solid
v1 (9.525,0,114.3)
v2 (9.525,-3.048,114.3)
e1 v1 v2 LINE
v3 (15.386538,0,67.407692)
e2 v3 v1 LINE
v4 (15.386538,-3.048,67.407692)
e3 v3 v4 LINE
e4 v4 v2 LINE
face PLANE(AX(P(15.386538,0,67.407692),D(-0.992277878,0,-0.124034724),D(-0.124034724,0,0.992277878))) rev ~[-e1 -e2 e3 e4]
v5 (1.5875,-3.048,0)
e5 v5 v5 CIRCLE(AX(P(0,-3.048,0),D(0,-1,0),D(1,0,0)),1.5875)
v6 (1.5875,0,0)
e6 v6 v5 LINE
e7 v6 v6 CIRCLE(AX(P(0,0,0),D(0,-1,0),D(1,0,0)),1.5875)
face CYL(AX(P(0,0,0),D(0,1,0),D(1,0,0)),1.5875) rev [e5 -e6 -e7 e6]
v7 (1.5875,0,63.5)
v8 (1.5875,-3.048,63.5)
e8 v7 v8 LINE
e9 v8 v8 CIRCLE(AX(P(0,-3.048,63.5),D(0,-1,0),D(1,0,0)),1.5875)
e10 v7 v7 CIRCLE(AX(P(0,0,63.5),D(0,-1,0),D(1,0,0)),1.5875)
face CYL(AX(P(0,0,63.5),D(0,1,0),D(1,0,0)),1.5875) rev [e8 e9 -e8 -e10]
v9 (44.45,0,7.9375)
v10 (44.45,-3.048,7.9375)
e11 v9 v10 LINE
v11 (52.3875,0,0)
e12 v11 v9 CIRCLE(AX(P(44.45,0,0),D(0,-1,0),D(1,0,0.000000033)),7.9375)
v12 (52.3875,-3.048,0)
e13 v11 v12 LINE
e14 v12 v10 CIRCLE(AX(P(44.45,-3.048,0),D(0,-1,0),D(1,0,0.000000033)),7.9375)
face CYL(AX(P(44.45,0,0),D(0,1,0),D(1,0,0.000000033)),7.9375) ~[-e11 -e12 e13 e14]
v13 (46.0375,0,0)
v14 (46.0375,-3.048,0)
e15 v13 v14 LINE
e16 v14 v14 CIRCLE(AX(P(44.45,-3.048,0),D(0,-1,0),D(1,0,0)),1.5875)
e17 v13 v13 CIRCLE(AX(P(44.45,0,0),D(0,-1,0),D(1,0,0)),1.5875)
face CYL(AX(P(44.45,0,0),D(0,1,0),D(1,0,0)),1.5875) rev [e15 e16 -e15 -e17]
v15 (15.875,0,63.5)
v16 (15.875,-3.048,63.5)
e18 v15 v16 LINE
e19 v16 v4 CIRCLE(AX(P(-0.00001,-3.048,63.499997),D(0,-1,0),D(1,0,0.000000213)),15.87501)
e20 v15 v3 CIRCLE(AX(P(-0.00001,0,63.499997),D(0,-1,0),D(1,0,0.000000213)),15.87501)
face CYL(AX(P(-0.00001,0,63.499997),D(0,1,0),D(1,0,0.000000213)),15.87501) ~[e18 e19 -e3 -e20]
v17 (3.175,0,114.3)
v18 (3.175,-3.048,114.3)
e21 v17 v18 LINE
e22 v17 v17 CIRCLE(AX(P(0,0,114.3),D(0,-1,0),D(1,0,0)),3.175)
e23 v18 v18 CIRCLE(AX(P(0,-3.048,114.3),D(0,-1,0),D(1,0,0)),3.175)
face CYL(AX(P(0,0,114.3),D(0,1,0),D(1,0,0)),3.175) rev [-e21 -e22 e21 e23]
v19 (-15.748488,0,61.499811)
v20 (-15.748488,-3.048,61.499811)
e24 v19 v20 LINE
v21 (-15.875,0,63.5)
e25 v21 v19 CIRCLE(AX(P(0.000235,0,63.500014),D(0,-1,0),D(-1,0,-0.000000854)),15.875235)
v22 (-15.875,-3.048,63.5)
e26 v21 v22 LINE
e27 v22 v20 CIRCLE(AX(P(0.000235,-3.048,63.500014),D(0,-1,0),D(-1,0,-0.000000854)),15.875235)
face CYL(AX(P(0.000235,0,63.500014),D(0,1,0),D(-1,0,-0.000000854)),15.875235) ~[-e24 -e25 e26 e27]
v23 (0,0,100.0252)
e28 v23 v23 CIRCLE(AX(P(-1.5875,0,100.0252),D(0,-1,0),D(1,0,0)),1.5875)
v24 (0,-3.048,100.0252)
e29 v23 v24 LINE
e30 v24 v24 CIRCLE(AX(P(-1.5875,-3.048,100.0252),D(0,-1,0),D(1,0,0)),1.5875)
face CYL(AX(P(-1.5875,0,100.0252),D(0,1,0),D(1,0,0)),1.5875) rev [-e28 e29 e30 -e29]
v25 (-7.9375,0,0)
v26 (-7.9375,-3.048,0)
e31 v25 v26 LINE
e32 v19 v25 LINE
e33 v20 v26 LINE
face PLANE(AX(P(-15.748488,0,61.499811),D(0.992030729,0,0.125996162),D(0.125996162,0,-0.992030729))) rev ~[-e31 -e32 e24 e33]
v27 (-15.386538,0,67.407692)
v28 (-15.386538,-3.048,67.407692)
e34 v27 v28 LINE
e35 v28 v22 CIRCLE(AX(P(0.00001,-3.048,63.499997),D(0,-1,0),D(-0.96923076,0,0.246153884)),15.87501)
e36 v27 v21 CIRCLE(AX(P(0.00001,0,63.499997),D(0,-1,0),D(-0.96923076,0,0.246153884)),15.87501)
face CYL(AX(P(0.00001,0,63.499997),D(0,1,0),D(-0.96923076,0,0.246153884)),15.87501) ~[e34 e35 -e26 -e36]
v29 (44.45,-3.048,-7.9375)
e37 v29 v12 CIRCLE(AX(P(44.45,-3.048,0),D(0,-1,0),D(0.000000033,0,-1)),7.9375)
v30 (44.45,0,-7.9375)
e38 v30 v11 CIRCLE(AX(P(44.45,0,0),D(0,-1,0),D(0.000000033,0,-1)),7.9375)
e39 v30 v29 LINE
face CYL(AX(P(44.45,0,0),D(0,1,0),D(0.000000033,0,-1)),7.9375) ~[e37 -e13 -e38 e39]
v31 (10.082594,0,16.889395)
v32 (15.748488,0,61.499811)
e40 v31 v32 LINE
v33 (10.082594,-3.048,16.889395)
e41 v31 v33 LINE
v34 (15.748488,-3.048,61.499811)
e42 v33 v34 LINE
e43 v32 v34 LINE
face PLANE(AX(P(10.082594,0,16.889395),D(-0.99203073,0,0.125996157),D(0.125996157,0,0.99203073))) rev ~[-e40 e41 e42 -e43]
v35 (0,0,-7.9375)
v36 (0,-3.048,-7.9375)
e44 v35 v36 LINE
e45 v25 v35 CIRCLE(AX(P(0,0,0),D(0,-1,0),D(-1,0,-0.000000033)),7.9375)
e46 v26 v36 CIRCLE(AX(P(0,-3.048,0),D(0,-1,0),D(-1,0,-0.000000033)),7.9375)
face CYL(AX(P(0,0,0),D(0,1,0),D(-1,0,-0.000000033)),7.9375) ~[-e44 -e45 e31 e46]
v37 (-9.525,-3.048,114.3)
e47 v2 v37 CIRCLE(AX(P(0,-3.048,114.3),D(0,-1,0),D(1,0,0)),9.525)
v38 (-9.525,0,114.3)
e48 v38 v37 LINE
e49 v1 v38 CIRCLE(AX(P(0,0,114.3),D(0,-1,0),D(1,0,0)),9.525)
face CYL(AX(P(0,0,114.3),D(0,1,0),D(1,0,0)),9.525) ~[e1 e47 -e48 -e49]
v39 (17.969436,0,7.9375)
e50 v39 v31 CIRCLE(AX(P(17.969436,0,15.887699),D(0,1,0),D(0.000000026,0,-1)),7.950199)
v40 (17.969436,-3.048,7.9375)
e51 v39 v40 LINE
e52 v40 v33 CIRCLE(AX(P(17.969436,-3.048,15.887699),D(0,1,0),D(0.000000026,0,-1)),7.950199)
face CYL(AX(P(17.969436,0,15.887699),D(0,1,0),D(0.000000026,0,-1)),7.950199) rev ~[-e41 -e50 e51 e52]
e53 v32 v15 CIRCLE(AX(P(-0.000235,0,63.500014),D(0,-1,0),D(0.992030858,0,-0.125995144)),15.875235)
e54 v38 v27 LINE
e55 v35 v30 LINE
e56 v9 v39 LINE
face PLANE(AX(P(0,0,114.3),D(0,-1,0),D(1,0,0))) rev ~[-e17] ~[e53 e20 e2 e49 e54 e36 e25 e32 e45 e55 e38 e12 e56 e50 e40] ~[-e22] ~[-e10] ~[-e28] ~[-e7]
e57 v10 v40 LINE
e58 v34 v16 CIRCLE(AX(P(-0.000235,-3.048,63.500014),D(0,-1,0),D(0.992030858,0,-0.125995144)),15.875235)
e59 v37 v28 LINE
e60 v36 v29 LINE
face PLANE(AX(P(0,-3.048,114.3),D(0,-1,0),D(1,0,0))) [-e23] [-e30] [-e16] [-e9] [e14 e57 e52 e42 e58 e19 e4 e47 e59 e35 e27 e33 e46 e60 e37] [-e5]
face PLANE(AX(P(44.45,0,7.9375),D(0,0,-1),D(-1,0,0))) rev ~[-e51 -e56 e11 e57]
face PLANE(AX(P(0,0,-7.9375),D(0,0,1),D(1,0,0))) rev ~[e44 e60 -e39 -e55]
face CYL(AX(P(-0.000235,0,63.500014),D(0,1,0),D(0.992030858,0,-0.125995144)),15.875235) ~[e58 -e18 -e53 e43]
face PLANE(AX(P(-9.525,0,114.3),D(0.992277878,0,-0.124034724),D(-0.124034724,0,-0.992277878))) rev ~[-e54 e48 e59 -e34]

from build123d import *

# Parameters (mm, degrees)
F0_R     = 3.175
F0_R_2   = 1.5875
F1_DEPTH = 3.048
F2_DEPTH = 3.048


with BuildPart() as f1:
    # F0 (on Front) → F1 (new body)
    with BuildSketch(Plane.XZ):
        with BuildLine():
            ThreePointArc((-9.525, 114.3), (0, 104.775), (9.525, 114.3))
            ThreePointArc((9.525, 114.3), (0, 123.825), (-9.525, 114.3))
        make_face()
        with Locations((0, 114.3)):
            Circle(F0_R, mode=Mode.SUBTRACT)
        with BuildLine():
            Line((15.386538, 67.407692), (9.525, 114.3))
            ThreePointArc((9.525, 114.3), (0, 104.775), (-9.525, 114.3))
            Line((-9.525, 114.3), (-15.386538, 67.407692))
            ThreePointArc((-15.386538, 67.407692), (0, 79.375), (15.386538, 67.407692))
        make_face()
        with Locations((-1.5875, 100.0252)):
            Circle(F0_R_2, mode=Mode.SUBTRACT)
        with BuildLine():
            Line((15.875, 63.5), (15.386538, 67.407692))
            ThreePointArc((15.386538, 67.407692), (0, 79.375), (-15.386538, 67.407692))
            Line((-15.386538, 67.407692), (-15.875, 63.5))
            ThreePointArc((-15.875, 63.5), (-15.84334, 62.497907), (-15.748488, 61.499811))
            ThreePointArc((-15.748488, 61.499811), (0, 47.625), (15.748488, 61.499811))
            ThreePointArc((15.748488, 61.499811), (15.84334, 62.497907), (15.875, 63.5))
        make_face()
        with Locations((0, 63.5)):
            Circle(F0_R_2, mode=Mode.SUBTRACT)
        with BuildLine():
            ThreePointArc((15.875, 63.5), (15.752411, 65.469051), (15.386538, 67.407692))
            Line((15.386538, 67.407692), (15.875, 63.5))
        make_face()
        with BuildLine():
            Line((-15.875, 63.5), (-15.386538, 67.407692))
            ThreePointArc((-15.386538, 67.407692), (-15.752411, 65.469051), (-15.875, 63.5))
        make_face()
        with BuildLine():
            Line((10.082594, 16.889395), (15.748488, 61.499811))
            ThreePointArc((15.748488, 61.499811), (0, 47.625), (-15.748488, 61.499811))
            Line((-15.748488, 61.499811), (-7.9375, 0))
            ThreePointArc((-7.9375, 0), (0, 7.9375), (7.9375, 0))
            ThreePointArc((7.9375, 0), (5.61266, -5.61266), (0, -7.9375))
            Line((0, -7.9375), (44.45, -7.9375))
            ThreePointArc((44.45, -7.9375), (36.5125, 0), (44.45, 7.9375))
            Line((44.45, 7.9375), (17.969436, 7.9375))
            ThreePointArc((17.969436, 7.9375), (12.004147, 10.632131), (10.082594, 16.889395))
        make_face()
        with BuildLine():
            ThreePointArc((7.9375, 0), (0, 7.9375), (-7.9375, 0))
            ThreePointArc((-7.9375, 0), (-5.61266, -5.61266), (0, -7.9375))
            ThreePointArc((0, -7.9375), (5.61266, -5.61266), (7.9375, 0))
        make_face()
        Circle(F0_R_2, mode=Mode.SUBTRACT)
        with BuildLine():
            ThreePointArc((52.3875, 0), (50.06266, 5.61266), (44.45, 7.9375))
            ThreePointArc((44.45, 7.9375), (36.5125, 0), (44.45, -7.9375))
            ThreePointArc((44.45, -7.9375), (50.06266, -5.61266), (52.3875, 0))
        make_face()
        with Locations((44.45, 0)):
            Circle(F0_R_2, mode=Mode.SUBTRACT)
    extrude(amount=F1_DEPTH)

    # F0 (on Front) → F2 (join)
    with BuildSketch(Plane.XZ):
        with BuildLine():
            ThreePointArc((-9.525, 114.3), (0, 104.775), (9.525, 114.3))
            ThreePointArc((9.525, 114.3), (0, 123.825), (-9.525, 114.3))
        make_face()
        with Locations((0, 114.3)):
            Circle(F0_R, mode=Mode.SUBTRACT)
        with BuildLine():
            Line((15.386538, 67.407692), (9.525, 114.3))
            ThreePointArc((9.525, 114.3), (0, 104.775), (-9.525, 114.3))
            Line((-9.525, 114.3), (-15.386538, 67.407692))
            ThreePointArc((-15.386538, 67.407692), (0, 79.375), (15.386538, 67.407692))
        make_face()
        with Locations((-1.5875, 100.0252)):
            Circle(F0_R_2, mode=Mode.SUBTRACT)
        with BuildLine():
            Line((15.875, 63.5), (15.386538, 67.407692))
            ThreePointArc((15.386538, 67.407692), (0, 79.375), (-15.386538, 67.407692))
            Line((-15.386538, 67.407692), (-15.875, 63.5))
            ThreePointArc((-15.875, 63.5), (-15.84334, 62.497907), (-15.748488, 61.499811))
            ThreePointArc((-15.748488, 61.499811), (0, 47.625), (15.748488, 61.499811))
            ThreePointArc((15.748488, 61.499811), (15.84334, 62.497907), (15.875, 63.5))
        make_face()
        with Locations((0, 63.5)):
            Circle(F0_R_2, mode=Mode.SUBTRACT)
        with BuildLine():
            ThreePointArc((15.875, 63.5), (15.752411, 65.469051), (15.386538, 67.407692))
            Line((15.386538, 67.407692), (15.875, 63.5))
        make_face()
        with BuildLine():
            Line((-15.875, 63.5), (-15.386538, 67.407692))
            ThreePointArc((-15.386538, 67.407692), (-15.752411, 65.469051), (-15.875, 63.5))
        make_face()
        with BuildLine():
            Line((10.082594, 16.889395), (15.748488, 61.499811))
            ThreePointArc((15.748488, 61.499811), (0, 47.625), (-15.748488, 61.499811))
            Line((-15.748488, 61.499811), (-7.9375, 0))
            ThreePointArc((-7.9375, 0), (0, 7.9375), (7.9375, 0))
            ThreePointArc((7.9375, 0), (5.61266, -5.61266), (0, -7.9375))
            Line((0, -7.9375), (44.45, -7.9375))
            ThreePointArc((44.45, -7.9375), (36.5125, 0), (44.45, 7.9375))
            Line((44.45, 7.9375), (17.969436, 7.9375))
            ThreePointArc((17.969436, 7.9375), (12.004147, 10.632131), (10.082594, 16.889395))
        make_face()
        with BuildLine():
            ThreePointArc((7.9375, 0), (0, 7.9375), (-7.9375, 0))
            ThreePointArc((-7.9375, 0), (-5.61266, -5.61266), (0, -7.9375))
            ThreePointArc((0, -7.9375), (5.61266, -5.61266), (7.9375, 0))
        make_face()
        Circle(F0_R_2, mode=Mode.SUBTRACT)
        with BuildLine():
            ThreePointArc((52.3875, 0), (50.06266, 5.61266), (44.45, 7.9375))
            ThreePointArc((44.45, 7.9375), (36.5125, 0), (44.45, -7.9375))
            ThreePointArc((44.45, -7.9375), (50.06266, -5.61266), (52.3875, 0))
        make_face()
        with Locations((44.45, 0)):
            Circle(F0_R_2, mode=Mode.SUBTRACT)
    extrude(amount=F2_DEPTH)


solid = f1.part
